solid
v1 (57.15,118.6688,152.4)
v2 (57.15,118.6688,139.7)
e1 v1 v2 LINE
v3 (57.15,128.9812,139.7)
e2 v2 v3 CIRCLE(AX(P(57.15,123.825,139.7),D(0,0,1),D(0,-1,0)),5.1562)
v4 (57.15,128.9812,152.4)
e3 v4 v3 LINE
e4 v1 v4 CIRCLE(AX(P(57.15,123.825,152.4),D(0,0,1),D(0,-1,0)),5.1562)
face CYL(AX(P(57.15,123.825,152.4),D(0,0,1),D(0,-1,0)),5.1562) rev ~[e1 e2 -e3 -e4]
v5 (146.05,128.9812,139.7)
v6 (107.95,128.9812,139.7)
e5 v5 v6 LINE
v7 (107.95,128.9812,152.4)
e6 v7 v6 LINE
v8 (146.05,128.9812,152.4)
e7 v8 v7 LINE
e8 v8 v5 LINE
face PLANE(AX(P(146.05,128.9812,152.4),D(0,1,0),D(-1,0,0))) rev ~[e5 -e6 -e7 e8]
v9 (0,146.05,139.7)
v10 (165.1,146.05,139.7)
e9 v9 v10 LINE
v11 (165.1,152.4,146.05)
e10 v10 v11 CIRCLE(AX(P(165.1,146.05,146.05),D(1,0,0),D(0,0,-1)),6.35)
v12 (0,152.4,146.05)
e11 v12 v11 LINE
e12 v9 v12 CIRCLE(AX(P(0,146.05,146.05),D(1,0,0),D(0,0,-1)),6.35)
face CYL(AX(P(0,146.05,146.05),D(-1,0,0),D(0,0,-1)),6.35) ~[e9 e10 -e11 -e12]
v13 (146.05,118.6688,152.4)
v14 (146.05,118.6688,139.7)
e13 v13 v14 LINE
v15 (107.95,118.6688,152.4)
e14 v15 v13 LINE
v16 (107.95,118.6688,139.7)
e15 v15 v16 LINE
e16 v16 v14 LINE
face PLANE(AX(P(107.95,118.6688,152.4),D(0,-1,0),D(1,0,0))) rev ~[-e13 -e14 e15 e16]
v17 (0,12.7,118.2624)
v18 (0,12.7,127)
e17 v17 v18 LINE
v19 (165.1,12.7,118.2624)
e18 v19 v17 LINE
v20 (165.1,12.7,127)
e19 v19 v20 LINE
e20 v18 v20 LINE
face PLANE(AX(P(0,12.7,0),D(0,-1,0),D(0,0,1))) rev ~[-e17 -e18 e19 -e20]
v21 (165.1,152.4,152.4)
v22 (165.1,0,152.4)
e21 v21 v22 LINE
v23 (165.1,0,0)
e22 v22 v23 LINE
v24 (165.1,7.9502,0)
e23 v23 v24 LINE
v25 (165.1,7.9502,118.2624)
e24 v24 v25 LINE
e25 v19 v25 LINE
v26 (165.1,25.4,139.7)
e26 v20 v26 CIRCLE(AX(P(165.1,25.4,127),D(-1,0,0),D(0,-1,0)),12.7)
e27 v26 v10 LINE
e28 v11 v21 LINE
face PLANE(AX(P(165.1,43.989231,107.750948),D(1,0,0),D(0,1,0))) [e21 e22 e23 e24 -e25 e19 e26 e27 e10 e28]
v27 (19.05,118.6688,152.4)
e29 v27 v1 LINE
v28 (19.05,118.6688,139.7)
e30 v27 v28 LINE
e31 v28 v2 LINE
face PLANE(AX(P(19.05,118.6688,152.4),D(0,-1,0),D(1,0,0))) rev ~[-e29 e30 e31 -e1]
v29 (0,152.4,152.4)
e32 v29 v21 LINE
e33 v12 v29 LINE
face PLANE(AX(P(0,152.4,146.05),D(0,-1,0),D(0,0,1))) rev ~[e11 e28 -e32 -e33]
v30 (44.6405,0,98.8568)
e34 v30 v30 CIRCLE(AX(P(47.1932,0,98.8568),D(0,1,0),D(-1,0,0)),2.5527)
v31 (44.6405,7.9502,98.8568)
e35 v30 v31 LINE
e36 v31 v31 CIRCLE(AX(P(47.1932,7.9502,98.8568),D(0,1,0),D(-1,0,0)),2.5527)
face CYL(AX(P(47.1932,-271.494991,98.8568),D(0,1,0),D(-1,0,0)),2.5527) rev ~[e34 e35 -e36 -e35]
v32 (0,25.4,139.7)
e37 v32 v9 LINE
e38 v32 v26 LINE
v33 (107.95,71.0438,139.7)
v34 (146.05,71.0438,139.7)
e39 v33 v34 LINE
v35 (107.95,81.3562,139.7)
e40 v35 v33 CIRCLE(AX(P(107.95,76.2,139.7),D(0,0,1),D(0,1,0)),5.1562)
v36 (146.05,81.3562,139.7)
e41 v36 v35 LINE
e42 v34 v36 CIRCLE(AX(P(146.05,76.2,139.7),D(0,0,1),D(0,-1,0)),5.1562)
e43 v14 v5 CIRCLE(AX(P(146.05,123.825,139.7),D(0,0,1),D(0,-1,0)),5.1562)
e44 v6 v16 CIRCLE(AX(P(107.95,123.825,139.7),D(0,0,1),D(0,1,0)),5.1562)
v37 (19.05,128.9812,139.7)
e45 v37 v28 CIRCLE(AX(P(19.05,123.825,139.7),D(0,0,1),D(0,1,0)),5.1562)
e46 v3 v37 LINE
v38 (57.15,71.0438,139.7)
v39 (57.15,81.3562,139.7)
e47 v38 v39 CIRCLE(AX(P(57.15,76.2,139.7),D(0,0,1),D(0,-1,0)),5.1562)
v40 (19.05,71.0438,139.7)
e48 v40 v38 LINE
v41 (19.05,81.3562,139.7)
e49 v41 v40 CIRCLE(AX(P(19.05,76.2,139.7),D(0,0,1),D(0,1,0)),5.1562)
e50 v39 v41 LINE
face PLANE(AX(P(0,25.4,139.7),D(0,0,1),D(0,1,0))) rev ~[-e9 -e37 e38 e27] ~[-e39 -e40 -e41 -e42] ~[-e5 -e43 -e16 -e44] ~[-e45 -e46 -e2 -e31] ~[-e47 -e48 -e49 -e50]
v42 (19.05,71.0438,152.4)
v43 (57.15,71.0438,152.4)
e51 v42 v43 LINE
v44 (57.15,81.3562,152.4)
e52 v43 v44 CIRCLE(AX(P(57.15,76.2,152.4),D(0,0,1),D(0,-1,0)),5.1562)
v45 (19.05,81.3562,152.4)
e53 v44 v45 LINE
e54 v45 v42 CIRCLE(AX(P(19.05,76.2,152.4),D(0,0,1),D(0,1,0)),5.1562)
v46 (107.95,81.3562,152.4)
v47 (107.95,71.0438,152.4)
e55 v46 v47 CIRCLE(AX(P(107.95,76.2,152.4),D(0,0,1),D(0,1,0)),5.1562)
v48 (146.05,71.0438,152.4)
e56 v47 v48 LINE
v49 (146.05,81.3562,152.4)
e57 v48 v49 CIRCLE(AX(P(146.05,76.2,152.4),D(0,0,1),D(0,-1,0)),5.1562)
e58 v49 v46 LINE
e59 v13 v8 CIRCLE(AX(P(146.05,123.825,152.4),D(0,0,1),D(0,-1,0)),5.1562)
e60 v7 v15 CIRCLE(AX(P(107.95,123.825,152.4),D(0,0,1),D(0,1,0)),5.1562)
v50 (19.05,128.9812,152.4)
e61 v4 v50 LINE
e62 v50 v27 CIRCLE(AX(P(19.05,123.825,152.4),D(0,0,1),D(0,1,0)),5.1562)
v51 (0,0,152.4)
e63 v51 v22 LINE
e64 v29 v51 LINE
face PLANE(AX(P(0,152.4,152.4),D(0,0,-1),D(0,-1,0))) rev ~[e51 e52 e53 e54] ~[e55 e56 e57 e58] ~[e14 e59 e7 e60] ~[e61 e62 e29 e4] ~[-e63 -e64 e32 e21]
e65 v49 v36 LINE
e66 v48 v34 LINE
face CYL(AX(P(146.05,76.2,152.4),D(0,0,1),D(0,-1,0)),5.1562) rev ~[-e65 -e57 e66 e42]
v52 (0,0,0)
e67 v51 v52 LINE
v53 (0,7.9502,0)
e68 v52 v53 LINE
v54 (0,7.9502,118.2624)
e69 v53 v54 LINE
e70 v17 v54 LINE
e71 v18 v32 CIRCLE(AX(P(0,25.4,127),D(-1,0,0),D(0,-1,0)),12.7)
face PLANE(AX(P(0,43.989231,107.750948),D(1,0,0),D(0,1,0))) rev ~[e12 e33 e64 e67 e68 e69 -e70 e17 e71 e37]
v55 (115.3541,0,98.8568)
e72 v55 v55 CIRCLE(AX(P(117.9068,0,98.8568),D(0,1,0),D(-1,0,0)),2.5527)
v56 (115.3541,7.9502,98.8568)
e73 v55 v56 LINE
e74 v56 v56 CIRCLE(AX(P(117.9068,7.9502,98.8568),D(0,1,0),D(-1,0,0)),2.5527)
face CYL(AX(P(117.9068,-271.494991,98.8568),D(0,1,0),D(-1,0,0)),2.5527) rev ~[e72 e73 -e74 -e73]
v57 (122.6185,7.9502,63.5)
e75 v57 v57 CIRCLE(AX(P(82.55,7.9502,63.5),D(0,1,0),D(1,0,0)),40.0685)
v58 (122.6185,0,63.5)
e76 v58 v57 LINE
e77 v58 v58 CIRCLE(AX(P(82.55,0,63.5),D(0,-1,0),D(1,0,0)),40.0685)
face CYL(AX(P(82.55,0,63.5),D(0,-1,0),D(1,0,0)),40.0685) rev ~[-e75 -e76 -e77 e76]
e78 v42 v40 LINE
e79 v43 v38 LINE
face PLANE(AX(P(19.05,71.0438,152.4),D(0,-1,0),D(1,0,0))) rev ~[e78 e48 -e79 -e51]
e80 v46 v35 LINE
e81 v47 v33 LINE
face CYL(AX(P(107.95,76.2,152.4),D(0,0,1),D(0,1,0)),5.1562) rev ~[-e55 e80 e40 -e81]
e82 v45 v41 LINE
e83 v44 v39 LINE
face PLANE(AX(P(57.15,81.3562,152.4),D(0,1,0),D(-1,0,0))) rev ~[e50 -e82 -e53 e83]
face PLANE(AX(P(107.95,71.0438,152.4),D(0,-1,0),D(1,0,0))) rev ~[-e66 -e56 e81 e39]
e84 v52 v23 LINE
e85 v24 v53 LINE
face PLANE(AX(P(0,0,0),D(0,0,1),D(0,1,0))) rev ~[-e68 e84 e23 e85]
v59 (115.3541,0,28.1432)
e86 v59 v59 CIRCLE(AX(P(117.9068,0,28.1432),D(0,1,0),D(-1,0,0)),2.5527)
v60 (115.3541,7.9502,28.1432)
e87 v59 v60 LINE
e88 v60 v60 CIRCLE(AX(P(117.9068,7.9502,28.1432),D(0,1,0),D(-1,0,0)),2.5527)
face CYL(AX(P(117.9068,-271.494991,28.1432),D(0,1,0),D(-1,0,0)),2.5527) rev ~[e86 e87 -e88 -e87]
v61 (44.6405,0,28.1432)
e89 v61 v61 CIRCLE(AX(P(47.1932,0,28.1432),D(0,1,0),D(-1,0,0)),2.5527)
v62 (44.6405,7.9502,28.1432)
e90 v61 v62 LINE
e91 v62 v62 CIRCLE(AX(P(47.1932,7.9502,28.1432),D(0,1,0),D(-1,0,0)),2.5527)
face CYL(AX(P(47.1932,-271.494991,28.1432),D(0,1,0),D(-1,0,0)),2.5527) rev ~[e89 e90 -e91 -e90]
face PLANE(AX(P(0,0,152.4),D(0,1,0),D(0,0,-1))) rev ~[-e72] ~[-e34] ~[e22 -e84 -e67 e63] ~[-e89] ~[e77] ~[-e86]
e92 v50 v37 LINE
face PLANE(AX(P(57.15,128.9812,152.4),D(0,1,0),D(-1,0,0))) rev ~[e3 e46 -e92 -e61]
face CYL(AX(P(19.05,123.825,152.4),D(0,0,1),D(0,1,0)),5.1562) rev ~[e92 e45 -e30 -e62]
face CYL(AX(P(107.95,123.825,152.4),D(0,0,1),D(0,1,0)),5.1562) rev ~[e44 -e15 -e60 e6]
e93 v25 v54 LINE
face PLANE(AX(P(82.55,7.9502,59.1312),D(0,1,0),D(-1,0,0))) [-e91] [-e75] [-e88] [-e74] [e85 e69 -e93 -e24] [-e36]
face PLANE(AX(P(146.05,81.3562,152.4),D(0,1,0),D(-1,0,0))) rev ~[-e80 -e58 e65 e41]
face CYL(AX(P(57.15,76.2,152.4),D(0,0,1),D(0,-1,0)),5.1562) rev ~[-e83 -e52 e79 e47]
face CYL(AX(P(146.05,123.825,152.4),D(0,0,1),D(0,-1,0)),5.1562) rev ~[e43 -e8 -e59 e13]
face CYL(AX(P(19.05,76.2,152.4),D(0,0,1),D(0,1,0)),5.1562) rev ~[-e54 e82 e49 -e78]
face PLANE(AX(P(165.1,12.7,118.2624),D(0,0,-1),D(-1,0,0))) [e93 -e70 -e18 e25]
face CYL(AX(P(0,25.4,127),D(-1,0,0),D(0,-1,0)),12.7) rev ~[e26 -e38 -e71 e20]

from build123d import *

# Parameters (mm, degrees)
F1_DEPTH  = 165.1
F2_R      = 40.0685
F3_DEPTH  = 25.4
F6_D      = 5.1054
F9_DEPTH  = 25.4
F10_W     = 165.1
F10_H     = 118.2624
F10_R     = 2.5527
F10_R_2   = 40.0685
F11_DEPTH = 4.7498


with BuildPart() as f1:
    # F0 (on Right) → F1 (new body)
    with BuildSketch(Plane.YZ):
        with BuildLine():
            Line((0, 152.4), (0, 0))
            Line((0, 0), (12.7, 0))
            Line((12.7, 0), (12.7, 127))
            ThreePointArc((12.7, 127), (16.4197438789, 135.9802561211), (25.4, 139.7))
            Line((25.4, 139.7), (146.05, 139.7))
            ThreePointArc((146.05, 139.7), (150.5401280605, 141.5598719395), (152.4, 146.05))
            Line((152.4, 146.05), (152.4, 152.4))
            Line((152.4, 152.4), (0, 152.4))
        make_face()
    extrude(amount=F1_DEPTH)

    # F2 (on face) → F3 (cut)
    with BuildSketch(Plane.XZ):
        with Locations((82.55, 63.5)):
            Circle(F2_R)
    extrude(amount=-F3_DEPTH, mode=Mode.SUBTRACT)

    # F6 (through all)
    with Locations(Plane.XZ):
        with Locations((47.1932, 98.8568), (117.9068, 98.8568), (117.9068, 28.1432), (47.1932, 28.1432)):
            Hole(F6_D / 2)

    # F8 (on face) → F9 (cut)
    with BuildSketch(Plane.XY.offset(152.4)):
        with BuildLine():
            ThreePointArc((19.05, 128.9812), (13.8938, 123.825), (19.05, 118.6688))
            Line((19.05, 118.6688), (57.15, 118.6688))
            ThreePointArc((57.15, 118.6688), (62.3062, 123.825), (57.15, 128.9812))
            Line((57.15, 128.9812), (19.05, 128.9812))
        make_face()
        with BuildLine():
            ThreePointArc((107.95, 128.9812), (102.7938, 123.825), (107.95, 118.6688))
            Line((107.95, 118.6688), (146.05, 118.6688))
            ThreePointArc((146.05, 118.6688), (151.2062, 123.825), (146.05, 128.9812))
            Line((146.05, 128.9812), (107.95, 128.9812))
        make_face()
        with BuildLine():
            ThreePointArc((107.95, 81.3562), (102.7938, 76.2), (107.95, 71.0438))
            Line((107.95, 71.0438), (146.05, 71.0438))
            ThreePointArc((146.05, 71.0438), (151.2062, 76.2), (146.05, 81.3562))
            Line((146.05, 81.3562), (107.95, 81.3562))
        make_face()
        with BuildLine():
            ThreePointArc((19.05, 81.3562), (13.8938, 76.2), (19.05, 71.0438))
            Line((19.05, 71.0438), (57.15, 71.0438))
            ThreePointArc((57.15, 71.0438), (62.3062, 76.2), (57.15, 81.3562))
            Line((57.15, 81.3562), (19.05, 81.3562))
        make_face()
    extrude(amount=-F9_DEPTH, mode=Mode.SUBTRACT)

    # F10 (on face) → F11 (cut)
    with BuildSketch(Plane(origin=(0, 12.7, 0), x_dir=(-1, 0, 0), z_dir=(0, 1, 0))):
        with Locations((-82.55, 59.1312)):
            Rectangle(F10_W, F10_H)
        with Locations((-117.9068, 28.1432)):
            Circle(F10_R, mode=Mode.SUBTRACT)
        with Locations((-47.1932, 28.1432)):
            Circle(F10_R, mode=Mode.SUBTRACT)
        with Locations((-117.9068, 98.8568)):
            Circle(F10_R, mode=Mode.SUBTRACT)
        with Locations((-82.55, 63.5)):
            Circle(F10_R_2, mode=Mode.SUBTRACT)
        with Locations((-47.1932, 98.8568)):
            Circle(F10_R, mode=Mode.SUBTRACT)
    extrude(amount=-F11_DEPTH, mode=Mode.SUBTRACT)


solid = f1.part
